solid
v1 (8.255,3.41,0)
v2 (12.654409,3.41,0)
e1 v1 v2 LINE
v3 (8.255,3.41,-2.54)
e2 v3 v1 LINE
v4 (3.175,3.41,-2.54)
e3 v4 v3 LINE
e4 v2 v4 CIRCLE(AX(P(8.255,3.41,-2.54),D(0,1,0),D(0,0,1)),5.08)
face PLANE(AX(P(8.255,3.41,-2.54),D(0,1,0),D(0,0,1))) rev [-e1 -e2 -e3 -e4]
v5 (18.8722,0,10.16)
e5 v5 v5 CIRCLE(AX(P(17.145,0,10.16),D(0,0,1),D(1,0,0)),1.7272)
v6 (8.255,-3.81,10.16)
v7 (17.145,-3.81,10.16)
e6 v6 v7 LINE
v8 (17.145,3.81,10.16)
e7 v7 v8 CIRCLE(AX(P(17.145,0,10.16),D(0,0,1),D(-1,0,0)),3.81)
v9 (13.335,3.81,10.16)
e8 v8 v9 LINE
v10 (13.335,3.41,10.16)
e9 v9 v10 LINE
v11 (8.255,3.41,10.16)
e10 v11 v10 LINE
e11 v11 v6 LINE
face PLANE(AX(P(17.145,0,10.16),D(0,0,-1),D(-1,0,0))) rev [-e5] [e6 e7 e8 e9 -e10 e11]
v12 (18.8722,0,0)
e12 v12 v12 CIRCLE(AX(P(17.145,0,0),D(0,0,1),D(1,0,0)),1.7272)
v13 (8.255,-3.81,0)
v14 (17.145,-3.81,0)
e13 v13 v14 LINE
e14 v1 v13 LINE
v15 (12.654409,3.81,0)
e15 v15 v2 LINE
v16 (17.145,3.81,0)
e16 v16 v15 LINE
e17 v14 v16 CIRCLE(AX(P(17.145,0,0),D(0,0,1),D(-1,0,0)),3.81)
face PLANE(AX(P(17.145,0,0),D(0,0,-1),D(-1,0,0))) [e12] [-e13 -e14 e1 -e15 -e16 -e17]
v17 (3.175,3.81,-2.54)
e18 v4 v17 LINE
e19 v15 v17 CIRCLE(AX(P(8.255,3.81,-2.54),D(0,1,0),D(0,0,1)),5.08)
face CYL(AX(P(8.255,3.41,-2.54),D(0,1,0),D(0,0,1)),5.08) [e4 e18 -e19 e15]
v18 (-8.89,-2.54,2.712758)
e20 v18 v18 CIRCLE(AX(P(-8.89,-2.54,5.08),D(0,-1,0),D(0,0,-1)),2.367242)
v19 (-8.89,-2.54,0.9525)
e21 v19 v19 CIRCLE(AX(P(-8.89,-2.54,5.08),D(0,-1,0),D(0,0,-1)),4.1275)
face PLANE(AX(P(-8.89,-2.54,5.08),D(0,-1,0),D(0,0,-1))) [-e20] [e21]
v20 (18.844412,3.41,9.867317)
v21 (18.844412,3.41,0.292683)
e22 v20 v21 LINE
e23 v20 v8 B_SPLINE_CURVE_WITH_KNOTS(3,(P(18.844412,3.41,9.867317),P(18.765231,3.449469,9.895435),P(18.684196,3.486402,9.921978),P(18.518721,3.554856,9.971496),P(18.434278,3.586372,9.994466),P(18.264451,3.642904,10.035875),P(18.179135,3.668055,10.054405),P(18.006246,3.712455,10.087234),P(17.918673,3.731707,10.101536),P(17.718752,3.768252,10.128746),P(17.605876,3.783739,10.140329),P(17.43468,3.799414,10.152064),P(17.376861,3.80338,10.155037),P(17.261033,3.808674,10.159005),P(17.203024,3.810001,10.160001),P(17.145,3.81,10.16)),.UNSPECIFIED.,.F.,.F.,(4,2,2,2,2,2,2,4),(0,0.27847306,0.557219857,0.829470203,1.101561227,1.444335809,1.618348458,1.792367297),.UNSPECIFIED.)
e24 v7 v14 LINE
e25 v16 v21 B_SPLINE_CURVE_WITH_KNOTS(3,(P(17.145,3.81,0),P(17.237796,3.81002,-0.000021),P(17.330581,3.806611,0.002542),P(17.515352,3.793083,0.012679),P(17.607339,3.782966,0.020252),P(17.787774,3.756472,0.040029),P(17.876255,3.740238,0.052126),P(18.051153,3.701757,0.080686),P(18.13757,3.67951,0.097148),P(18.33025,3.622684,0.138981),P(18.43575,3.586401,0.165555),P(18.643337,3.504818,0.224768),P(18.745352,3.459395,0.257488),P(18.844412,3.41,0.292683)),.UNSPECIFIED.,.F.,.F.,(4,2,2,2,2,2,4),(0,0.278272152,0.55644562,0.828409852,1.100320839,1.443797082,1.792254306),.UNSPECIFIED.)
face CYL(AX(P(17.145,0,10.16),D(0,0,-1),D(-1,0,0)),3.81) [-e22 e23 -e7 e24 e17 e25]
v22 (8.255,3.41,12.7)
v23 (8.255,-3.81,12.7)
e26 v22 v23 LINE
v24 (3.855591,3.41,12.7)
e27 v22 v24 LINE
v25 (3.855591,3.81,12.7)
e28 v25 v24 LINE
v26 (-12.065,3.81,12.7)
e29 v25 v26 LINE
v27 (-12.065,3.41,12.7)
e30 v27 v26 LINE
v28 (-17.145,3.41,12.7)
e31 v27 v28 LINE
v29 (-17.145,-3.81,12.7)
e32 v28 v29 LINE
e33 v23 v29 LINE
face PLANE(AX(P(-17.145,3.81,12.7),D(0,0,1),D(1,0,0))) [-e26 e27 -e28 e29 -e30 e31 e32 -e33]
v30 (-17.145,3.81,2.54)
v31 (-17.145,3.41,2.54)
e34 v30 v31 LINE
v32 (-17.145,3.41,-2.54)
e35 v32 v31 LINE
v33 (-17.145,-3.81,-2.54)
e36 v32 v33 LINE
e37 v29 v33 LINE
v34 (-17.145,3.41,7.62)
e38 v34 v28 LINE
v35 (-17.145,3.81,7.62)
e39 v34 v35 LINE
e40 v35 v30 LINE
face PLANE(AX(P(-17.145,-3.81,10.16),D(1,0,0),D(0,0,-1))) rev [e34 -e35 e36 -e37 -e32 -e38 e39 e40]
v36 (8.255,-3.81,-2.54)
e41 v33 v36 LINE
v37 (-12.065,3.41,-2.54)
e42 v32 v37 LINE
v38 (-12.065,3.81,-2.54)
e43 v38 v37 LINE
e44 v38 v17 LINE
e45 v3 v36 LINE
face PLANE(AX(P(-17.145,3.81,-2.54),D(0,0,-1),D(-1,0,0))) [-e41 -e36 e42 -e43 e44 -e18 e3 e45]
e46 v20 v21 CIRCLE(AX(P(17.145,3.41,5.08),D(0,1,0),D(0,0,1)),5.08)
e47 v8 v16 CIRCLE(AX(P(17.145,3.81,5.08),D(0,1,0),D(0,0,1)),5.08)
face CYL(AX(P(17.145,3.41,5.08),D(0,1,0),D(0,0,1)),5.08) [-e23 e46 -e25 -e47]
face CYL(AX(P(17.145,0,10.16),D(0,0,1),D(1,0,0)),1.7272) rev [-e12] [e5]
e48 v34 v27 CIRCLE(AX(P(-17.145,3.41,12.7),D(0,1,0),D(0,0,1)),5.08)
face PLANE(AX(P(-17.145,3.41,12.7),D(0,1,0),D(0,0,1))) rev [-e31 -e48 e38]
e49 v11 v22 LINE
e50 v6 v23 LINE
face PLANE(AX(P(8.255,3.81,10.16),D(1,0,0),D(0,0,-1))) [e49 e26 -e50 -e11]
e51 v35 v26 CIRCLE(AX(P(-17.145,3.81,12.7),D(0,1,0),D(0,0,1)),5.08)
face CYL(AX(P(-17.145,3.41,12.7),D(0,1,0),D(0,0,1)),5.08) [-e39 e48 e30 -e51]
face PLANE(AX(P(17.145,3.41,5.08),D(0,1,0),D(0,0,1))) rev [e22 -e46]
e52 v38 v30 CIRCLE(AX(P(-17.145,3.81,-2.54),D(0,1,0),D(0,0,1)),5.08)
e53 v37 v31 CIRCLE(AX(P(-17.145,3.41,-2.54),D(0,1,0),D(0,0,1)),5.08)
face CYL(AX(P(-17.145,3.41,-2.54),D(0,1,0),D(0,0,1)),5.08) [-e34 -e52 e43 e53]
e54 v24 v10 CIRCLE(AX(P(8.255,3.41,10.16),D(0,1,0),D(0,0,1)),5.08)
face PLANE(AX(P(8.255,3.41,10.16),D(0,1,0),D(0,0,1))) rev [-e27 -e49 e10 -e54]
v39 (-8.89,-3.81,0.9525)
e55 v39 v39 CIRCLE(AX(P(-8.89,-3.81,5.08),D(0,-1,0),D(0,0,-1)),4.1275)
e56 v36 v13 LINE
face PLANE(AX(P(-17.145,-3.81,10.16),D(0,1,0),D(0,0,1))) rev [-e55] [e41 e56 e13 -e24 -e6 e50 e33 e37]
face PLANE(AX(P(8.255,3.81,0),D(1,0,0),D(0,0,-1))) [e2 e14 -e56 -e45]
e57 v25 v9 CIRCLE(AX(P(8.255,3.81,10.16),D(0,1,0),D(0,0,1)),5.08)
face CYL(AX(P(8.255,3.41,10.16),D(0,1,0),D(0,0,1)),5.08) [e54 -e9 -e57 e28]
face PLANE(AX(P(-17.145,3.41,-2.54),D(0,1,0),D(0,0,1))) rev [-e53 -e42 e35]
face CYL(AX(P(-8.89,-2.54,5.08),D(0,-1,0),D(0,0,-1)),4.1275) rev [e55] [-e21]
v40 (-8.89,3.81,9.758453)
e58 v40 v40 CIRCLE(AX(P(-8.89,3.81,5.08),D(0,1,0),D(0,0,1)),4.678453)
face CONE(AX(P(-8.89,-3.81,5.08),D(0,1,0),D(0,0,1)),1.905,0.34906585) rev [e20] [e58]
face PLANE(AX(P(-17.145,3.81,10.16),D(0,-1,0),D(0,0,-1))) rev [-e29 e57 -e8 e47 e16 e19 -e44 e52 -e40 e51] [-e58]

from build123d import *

# Parameters (mm, degrees)
BOSS_EXTRUDE1_DEPTH   = 10.16
F_4_CLEARANCE_HOLE1_D = 3.4544
SKETCH4_R             = 1.905
CUT_EXTRUDE1_DEPTH    = 8.62
CUT_EXTRUDE1_TAPER    = -20
SKETCH5_R             = 4.1275
CUT_EXTRUDE2_DEPTH    = 1.27
SKETCH6_W             = 25.4
SKETCH6_H             = 2.54
BOSS_EXTRUDE2_DEPTH   = 7.62
SKETCH7_R             = 5.08
PRINTTABS_DEPTH       = 0.4


with BuildPart() as part:
    # Sketch1 → Boss-Extrude1 (new body)
    with BuildSketch(Plane.XY):
        with BuildLine():
            Line((-17.145, -3.81), (17.145, -3.81))
            ThreePointArc((17.145, -3.81), (20.955, 0), (17.145, 3.81))
            Line((17.145, 3.81), (-17.145, 3.81))
            Line((-17.145, 3.81), (-17.145, -3.81))
        make_face()
    extrude(amount=BOSS_EXTRUDE1_DEPTH)

    # #4 Clearance Hole1 (through all)
    with Locations(Plane.XY.offset(10.16)):
        with Locations((17.145, 0)):
            Hole(F_4_CLEARANCE_HOLE1_D / 2)

    # Sketch4 → Cut-Extrude1 (cut, through all)
    with BuildSketch(Plane(origin=(0, -3.81, 0), x_dir=(1, 0, 0), z_dir=(0, 1, 0))):
        with Locations((-8.89, -5.08)):
            Circle(SKETCH4_R)
    extrude(amount=CUT_EXTRUDE1_DEPTH, taper=CUT_EXTRUDE1_TAPER, mode=Mode.SUBTRACT)

    # Sketch5 → Cut-Extrude2 (cut)
    with BuildSketch(Plane.XZ.offset(3.81)):
        with Locations((-8.89, 5.08)):
            Circle(SKETCH5_R)
    extrude(amount=-CUT_EXTRUDE2_DEPTH, mode=Mode.SUBTRACT)

    # Sketch6 → Boss-Extrude2 (add, through all)
    with BuildSketch(Plane.XZ.offset(3.81)):
        with Locations((-4.445, 11.43)):
            Rectangle(SKETCH6_W, SKETCH6_H)
        with Locations((-4.445, -1.27)):
            Rectangle(SKETCH6_W, SKETCH6_H)
    extrude(amount=-BOSS_EXTRUDE2_DEPTH)

    # Sketch7 → PrintTabs (add)
    with BuildSketch(Plane(origin=(0, 3.81, 0), x_dir=(1, 0, 0), z_dir=(0, 1, 0))):
        with Locations((8.255, 2.54)):
            Circle(SKETCH7_R)
        with Locations((-17.145, -12.7)):
            Circle(SKETCH7_R)
        with Locations((-17.145, 2.54)):
            Circle(SKETCH7_R)
        with Locations((8.255, -10.16)):
            Circle(SKETCH7_R)
        with Locations((17.145, -5.08)):
            Circle(SKETCH7_R)
    extrude(amount=-PRINTTABS_DEPTH)


solid = part.part
